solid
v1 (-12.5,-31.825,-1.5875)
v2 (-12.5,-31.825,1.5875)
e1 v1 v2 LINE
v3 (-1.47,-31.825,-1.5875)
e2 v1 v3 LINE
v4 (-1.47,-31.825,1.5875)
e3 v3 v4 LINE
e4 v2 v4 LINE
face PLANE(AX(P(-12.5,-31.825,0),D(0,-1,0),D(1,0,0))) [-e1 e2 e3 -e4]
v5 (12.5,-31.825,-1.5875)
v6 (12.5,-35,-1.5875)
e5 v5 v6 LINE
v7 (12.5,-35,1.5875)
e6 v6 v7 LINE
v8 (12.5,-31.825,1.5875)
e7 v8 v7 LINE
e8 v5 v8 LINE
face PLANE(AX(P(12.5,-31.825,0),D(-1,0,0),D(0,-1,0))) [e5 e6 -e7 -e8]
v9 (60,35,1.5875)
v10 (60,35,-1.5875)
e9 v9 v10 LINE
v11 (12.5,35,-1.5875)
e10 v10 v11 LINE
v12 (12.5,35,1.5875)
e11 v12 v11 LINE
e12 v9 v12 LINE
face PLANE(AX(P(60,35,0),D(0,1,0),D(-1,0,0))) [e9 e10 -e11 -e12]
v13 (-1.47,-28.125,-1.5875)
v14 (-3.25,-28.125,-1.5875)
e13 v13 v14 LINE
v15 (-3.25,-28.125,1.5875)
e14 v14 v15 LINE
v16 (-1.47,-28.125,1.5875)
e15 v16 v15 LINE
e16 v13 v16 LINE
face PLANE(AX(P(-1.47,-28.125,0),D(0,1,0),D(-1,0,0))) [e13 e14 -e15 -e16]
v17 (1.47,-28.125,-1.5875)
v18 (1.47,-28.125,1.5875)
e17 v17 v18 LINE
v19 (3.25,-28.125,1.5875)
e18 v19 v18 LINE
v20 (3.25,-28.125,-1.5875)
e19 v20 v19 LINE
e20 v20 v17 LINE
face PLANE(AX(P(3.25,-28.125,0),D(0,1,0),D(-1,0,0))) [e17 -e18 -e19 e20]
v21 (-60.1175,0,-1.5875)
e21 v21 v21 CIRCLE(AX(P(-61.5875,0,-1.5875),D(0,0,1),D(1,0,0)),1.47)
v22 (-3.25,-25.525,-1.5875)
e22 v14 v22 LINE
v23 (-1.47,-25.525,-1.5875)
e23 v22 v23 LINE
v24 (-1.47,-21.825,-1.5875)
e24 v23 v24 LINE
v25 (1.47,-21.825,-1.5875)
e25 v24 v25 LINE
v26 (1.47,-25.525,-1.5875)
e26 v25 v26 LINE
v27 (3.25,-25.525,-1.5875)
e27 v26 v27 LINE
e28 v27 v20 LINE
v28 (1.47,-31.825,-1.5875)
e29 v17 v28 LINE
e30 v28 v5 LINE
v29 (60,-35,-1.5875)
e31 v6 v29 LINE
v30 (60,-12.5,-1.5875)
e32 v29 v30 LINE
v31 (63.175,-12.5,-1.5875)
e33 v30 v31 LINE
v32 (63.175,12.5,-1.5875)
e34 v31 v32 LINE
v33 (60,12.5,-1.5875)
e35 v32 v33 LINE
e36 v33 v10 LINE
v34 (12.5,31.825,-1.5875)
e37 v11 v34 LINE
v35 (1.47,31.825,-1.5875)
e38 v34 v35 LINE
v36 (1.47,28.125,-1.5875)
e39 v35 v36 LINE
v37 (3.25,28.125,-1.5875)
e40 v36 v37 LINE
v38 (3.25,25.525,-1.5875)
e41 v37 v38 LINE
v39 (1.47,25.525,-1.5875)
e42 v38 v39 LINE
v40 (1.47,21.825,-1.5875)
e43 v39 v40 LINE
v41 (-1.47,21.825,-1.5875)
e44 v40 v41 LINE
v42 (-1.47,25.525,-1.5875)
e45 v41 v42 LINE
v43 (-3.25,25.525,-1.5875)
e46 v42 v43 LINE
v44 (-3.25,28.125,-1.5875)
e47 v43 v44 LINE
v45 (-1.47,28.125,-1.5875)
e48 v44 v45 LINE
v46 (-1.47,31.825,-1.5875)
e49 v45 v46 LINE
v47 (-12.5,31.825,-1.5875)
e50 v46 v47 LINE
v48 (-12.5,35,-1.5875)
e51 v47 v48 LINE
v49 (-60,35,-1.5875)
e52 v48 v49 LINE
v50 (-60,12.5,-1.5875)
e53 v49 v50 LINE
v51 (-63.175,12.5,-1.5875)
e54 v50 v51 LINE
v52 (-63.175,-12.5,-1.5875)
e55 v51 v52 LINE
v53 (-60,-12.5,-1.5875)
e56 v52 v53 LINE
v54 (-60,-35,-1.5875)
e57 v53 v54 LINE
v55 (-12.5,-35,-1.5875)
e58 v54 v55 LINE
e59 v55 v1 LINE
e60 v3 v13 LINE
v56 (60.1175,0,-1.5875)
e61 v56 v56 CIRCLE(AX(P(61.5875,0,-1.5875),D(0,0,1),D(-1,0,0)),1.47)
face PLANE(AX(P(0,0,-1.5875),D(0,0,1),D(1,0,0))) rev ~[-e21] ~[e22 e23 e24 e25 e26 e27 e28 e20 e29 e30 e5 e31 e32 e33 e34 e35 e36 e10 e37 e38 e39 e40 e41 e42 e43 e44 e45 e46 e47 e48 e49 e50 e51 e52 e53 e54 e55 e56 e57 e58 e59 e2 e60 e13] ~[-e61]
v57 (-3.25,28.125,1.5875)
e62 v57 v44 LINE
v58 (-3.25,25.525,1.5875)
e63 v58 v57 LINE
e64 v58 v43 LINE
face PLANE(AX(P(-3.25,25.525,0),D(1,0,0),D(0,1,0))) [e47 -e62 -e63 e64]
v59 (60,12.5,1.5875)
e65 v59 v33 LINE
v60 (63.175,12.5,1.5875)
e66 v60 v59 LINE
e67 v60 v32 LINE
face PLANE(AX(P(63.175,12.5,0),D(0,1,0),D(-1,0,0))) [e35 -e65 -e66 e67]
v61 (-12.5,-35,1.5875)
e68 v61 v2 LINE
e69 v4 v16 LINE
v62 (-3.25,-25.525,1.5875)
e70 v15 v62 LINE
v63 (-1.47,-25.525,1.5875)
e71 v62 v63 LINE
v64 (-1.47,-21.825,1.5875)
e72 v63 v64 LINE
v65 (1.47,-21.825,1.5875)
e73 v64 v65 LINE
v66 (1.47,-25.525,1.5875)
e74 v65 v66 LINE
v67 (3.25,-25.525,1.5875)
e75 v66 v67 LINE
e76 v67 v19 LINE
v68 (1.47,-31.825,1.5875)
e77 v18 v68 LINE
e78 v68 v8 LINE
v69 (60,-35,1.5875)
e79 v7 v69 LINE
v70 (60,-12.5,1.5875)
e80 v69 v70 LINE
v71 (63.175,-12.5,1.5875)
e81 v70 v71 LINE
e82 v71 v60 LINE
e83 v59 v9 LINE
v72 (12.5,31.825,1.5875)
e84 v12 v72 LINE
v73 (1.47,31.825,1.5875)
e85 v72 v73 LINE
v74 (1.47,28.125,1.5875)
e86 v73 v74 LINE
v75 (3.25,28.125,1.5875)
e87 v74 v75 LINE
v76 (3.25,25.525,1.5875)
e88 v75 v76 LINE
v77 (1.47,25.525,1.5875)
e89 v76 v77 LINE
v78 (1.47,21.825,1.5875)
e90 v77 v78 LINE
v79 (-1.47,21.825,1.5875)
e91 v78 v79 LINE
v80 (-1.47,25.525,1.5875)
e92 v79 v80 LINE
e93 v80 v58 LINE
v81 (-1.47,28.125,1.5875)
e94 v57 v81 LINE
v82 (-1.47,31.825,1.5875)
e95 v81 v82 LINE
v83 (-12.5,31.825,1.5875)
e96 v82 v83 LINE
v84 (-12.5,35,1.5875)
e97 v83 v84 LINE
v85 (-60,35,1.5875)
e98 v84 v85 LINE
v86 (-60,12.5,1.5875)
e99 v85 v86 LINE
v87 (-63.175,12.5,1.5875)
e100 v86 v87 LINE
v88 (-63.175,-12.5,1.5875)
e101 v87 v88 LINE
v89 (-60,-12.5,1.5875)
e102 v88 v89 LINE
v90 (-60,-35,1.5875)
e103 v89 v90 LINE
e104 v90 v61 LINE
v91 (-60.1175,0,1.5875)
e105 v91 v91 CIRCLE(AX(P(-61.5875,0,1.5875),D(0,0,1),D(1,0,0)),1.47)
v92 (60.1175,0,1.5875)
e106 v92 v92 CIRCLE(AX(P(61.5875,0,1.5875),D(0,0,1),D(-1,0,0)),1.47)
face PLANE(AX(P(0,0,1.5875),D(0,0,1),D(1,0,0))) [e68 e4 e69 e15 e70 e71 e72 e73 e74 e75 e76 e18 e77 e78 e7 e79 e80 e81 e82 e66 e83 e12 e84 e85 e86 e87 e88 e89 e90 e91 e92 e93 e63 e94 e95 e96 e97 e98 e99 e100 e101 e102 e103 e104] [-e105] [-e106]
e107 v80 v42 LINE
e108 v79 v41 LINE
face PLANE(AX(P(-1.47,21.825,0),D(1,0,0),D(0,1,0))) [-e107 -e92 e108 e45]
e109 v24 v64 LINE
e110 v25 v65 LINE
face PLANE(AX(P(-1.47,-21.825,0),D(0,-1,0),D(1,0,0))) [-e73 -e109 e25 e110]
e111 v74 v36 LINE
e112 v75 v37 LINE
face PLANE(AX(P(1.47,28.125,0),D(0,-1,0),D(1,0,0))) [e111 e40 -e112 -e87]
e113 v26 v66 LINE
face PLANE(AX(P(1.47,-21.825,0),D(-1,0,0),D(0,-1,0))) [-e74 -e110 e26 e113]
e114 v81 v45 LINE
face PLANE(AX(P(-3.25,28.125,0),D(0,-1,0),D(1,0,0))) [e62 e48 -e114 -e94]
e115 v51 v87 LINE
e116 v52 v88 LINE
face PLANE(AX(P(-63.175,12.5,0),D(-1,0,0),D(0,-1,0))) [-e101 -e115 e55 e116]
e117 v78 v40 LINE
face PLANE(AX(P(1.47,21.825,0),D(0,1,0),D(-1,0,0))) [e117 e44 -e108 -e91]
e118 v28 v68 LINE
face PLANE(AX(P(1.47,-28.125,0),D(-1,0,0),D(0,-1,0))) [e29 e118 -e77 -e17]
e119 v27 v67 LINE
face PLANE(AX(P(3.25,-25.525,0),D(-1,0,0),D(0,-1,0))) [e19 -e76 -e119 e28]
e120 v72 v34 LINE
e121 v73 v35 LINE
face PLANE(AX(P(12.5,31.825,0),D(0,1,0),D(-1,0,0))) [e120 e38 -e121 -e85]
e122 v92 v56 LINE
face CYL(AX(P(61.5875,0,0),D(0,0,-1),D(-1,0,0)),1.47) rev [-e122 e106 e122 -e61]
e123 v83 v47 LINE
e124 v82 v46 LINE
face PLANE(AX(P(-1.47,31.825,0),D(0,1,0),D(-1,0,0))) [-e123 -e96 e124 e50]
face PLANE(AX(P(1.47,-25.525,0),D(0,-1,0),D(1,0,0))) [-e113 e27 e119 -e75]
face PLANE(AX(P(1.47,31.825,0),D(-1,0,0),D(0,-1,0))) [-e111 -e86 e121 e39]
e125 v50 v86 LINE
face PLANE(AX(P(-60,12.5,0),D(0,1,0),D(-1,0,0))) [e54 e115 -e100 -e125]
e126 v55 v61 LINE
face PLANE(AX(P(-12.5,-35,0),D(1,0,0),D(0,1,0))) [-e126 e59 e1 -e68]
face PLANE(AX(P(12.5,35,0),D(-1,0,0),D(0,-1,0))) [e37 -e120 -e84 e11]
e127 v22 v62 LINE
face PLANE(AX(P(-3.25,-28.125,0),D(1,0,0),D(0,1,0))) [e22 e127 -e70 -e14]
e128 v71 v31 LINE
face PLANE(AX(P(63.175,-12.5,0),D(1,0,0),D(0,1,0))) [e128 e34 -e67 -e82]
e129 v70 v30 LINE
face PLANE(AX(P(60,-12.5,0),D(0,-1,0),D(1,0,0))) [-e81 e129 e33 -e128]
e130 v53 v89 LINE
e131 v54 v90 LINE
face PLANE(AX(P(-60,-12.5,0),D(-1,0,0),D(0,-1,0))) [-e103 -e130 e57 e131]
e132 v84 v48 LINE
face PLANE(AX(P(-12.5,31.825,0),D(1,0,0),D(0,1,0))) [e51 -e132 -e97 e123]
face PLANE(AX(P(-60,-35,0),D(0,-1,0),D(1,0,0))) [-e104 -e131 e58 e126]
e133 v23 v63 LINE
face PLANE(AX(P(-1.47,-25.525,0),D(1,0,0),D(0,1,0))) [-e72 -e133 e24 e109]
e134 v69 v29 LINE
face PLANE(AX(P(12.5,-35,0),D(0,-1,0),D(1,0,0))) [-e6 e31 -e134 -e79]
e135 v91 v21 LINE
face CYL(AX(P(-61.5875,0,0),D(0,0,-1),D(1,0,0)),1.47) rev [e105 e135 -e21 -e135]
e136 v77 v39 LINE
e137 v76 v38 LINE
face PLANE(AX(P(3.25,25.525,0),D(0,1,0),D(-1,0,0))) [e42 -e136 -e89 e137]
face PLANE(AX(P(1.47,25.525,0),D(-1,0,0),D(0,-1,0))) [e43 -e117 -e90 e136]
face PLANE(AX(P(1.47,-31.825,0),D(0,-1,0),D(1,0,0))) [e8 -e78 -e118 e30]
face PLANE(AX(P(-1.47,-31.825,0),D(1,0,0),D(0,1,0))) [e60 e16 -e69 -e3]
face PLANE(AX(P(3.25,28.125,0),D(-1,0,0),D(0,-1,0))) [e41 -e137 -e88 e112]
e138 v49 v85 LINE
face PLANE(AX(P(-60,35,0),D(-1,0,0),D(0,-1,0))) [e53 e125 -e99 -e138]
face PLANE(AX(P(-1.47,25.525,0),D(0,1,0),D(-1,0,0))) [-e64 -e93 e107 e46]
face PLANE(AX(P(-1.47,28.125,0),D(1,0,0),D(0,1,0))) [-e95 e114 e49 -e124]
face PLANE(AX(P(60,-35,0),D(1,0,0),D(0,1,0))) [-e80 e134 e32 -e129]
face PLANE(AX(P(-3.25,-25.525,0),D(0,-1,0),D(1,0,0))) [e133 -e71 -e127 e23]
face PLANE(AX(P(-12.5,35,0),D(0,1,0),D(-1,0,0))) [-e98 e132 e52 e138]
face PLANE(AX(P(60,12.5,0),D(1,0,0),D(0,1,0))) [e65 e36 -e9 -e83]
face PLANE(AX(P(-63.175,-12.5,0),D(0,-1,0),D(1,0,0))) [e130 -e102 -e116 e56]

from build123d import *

# Parameters (mm, degrees)
SKETCH1_R           = 1.47
BOSS_EXTRUDE1_DEPTH = 1.5875


with BuildPart() as part:
    # Sketch1 → Boss-Extrude1 (new, symmetric)
    with BuildSketch(Plane.XY):
        Polygon((-12.5, 35), (-60, 35), (-60, 12.5), (-63.175, 12.5), (-63.175, -12.5), (-60, -12.5), (-60, -35), (-12.5, -35), (-12.5, -31.825), (-1.47, -31.825), (-1.47, -28.125), (-3.25, -28.125), (-3.25, -25.525), (-1.47, -25.525), (-1.47, -21.825), (1.47, -21.825), (1.47, -25.525), (3.25, -25.525), (3.25, -28.125), (1.47, -28.125), (1.47, -31.825), (12.5, -31.825), (12.5, -35), (60, -35), (60, -12.5), (63.175, -12.5), (63.175, 12.5), (60, 12.5), (60, 35), (12.5, 35), (12.5, 31.825), (1.47, 31.825), (1.47, 28.125), (3.25, 28.125), (3.25, 25.525), (1.47, 25.525), (1.47, 21.825), (-1.47, 21.825), (-1.47, 25.525), (-3.25, 25.525), (-3.25, 28.125), (-1.47, 28.125), (-1.47, 31.825), (-12.5, 31.825), align=None)
        with Locations((-61.5875, 0)):
            Circle(SKETCH1_R, mode=Mode.SUBTRACT)
        with Locations(Location((61.5875, 0, 0), (0, 0, 180))):
            Circle(SKETCH1_R, mode=Mode.SUBTRACT)
    extrude(amount=BOSS_EXTRUDE1_DEPTH, both=True)


solid = part.part
